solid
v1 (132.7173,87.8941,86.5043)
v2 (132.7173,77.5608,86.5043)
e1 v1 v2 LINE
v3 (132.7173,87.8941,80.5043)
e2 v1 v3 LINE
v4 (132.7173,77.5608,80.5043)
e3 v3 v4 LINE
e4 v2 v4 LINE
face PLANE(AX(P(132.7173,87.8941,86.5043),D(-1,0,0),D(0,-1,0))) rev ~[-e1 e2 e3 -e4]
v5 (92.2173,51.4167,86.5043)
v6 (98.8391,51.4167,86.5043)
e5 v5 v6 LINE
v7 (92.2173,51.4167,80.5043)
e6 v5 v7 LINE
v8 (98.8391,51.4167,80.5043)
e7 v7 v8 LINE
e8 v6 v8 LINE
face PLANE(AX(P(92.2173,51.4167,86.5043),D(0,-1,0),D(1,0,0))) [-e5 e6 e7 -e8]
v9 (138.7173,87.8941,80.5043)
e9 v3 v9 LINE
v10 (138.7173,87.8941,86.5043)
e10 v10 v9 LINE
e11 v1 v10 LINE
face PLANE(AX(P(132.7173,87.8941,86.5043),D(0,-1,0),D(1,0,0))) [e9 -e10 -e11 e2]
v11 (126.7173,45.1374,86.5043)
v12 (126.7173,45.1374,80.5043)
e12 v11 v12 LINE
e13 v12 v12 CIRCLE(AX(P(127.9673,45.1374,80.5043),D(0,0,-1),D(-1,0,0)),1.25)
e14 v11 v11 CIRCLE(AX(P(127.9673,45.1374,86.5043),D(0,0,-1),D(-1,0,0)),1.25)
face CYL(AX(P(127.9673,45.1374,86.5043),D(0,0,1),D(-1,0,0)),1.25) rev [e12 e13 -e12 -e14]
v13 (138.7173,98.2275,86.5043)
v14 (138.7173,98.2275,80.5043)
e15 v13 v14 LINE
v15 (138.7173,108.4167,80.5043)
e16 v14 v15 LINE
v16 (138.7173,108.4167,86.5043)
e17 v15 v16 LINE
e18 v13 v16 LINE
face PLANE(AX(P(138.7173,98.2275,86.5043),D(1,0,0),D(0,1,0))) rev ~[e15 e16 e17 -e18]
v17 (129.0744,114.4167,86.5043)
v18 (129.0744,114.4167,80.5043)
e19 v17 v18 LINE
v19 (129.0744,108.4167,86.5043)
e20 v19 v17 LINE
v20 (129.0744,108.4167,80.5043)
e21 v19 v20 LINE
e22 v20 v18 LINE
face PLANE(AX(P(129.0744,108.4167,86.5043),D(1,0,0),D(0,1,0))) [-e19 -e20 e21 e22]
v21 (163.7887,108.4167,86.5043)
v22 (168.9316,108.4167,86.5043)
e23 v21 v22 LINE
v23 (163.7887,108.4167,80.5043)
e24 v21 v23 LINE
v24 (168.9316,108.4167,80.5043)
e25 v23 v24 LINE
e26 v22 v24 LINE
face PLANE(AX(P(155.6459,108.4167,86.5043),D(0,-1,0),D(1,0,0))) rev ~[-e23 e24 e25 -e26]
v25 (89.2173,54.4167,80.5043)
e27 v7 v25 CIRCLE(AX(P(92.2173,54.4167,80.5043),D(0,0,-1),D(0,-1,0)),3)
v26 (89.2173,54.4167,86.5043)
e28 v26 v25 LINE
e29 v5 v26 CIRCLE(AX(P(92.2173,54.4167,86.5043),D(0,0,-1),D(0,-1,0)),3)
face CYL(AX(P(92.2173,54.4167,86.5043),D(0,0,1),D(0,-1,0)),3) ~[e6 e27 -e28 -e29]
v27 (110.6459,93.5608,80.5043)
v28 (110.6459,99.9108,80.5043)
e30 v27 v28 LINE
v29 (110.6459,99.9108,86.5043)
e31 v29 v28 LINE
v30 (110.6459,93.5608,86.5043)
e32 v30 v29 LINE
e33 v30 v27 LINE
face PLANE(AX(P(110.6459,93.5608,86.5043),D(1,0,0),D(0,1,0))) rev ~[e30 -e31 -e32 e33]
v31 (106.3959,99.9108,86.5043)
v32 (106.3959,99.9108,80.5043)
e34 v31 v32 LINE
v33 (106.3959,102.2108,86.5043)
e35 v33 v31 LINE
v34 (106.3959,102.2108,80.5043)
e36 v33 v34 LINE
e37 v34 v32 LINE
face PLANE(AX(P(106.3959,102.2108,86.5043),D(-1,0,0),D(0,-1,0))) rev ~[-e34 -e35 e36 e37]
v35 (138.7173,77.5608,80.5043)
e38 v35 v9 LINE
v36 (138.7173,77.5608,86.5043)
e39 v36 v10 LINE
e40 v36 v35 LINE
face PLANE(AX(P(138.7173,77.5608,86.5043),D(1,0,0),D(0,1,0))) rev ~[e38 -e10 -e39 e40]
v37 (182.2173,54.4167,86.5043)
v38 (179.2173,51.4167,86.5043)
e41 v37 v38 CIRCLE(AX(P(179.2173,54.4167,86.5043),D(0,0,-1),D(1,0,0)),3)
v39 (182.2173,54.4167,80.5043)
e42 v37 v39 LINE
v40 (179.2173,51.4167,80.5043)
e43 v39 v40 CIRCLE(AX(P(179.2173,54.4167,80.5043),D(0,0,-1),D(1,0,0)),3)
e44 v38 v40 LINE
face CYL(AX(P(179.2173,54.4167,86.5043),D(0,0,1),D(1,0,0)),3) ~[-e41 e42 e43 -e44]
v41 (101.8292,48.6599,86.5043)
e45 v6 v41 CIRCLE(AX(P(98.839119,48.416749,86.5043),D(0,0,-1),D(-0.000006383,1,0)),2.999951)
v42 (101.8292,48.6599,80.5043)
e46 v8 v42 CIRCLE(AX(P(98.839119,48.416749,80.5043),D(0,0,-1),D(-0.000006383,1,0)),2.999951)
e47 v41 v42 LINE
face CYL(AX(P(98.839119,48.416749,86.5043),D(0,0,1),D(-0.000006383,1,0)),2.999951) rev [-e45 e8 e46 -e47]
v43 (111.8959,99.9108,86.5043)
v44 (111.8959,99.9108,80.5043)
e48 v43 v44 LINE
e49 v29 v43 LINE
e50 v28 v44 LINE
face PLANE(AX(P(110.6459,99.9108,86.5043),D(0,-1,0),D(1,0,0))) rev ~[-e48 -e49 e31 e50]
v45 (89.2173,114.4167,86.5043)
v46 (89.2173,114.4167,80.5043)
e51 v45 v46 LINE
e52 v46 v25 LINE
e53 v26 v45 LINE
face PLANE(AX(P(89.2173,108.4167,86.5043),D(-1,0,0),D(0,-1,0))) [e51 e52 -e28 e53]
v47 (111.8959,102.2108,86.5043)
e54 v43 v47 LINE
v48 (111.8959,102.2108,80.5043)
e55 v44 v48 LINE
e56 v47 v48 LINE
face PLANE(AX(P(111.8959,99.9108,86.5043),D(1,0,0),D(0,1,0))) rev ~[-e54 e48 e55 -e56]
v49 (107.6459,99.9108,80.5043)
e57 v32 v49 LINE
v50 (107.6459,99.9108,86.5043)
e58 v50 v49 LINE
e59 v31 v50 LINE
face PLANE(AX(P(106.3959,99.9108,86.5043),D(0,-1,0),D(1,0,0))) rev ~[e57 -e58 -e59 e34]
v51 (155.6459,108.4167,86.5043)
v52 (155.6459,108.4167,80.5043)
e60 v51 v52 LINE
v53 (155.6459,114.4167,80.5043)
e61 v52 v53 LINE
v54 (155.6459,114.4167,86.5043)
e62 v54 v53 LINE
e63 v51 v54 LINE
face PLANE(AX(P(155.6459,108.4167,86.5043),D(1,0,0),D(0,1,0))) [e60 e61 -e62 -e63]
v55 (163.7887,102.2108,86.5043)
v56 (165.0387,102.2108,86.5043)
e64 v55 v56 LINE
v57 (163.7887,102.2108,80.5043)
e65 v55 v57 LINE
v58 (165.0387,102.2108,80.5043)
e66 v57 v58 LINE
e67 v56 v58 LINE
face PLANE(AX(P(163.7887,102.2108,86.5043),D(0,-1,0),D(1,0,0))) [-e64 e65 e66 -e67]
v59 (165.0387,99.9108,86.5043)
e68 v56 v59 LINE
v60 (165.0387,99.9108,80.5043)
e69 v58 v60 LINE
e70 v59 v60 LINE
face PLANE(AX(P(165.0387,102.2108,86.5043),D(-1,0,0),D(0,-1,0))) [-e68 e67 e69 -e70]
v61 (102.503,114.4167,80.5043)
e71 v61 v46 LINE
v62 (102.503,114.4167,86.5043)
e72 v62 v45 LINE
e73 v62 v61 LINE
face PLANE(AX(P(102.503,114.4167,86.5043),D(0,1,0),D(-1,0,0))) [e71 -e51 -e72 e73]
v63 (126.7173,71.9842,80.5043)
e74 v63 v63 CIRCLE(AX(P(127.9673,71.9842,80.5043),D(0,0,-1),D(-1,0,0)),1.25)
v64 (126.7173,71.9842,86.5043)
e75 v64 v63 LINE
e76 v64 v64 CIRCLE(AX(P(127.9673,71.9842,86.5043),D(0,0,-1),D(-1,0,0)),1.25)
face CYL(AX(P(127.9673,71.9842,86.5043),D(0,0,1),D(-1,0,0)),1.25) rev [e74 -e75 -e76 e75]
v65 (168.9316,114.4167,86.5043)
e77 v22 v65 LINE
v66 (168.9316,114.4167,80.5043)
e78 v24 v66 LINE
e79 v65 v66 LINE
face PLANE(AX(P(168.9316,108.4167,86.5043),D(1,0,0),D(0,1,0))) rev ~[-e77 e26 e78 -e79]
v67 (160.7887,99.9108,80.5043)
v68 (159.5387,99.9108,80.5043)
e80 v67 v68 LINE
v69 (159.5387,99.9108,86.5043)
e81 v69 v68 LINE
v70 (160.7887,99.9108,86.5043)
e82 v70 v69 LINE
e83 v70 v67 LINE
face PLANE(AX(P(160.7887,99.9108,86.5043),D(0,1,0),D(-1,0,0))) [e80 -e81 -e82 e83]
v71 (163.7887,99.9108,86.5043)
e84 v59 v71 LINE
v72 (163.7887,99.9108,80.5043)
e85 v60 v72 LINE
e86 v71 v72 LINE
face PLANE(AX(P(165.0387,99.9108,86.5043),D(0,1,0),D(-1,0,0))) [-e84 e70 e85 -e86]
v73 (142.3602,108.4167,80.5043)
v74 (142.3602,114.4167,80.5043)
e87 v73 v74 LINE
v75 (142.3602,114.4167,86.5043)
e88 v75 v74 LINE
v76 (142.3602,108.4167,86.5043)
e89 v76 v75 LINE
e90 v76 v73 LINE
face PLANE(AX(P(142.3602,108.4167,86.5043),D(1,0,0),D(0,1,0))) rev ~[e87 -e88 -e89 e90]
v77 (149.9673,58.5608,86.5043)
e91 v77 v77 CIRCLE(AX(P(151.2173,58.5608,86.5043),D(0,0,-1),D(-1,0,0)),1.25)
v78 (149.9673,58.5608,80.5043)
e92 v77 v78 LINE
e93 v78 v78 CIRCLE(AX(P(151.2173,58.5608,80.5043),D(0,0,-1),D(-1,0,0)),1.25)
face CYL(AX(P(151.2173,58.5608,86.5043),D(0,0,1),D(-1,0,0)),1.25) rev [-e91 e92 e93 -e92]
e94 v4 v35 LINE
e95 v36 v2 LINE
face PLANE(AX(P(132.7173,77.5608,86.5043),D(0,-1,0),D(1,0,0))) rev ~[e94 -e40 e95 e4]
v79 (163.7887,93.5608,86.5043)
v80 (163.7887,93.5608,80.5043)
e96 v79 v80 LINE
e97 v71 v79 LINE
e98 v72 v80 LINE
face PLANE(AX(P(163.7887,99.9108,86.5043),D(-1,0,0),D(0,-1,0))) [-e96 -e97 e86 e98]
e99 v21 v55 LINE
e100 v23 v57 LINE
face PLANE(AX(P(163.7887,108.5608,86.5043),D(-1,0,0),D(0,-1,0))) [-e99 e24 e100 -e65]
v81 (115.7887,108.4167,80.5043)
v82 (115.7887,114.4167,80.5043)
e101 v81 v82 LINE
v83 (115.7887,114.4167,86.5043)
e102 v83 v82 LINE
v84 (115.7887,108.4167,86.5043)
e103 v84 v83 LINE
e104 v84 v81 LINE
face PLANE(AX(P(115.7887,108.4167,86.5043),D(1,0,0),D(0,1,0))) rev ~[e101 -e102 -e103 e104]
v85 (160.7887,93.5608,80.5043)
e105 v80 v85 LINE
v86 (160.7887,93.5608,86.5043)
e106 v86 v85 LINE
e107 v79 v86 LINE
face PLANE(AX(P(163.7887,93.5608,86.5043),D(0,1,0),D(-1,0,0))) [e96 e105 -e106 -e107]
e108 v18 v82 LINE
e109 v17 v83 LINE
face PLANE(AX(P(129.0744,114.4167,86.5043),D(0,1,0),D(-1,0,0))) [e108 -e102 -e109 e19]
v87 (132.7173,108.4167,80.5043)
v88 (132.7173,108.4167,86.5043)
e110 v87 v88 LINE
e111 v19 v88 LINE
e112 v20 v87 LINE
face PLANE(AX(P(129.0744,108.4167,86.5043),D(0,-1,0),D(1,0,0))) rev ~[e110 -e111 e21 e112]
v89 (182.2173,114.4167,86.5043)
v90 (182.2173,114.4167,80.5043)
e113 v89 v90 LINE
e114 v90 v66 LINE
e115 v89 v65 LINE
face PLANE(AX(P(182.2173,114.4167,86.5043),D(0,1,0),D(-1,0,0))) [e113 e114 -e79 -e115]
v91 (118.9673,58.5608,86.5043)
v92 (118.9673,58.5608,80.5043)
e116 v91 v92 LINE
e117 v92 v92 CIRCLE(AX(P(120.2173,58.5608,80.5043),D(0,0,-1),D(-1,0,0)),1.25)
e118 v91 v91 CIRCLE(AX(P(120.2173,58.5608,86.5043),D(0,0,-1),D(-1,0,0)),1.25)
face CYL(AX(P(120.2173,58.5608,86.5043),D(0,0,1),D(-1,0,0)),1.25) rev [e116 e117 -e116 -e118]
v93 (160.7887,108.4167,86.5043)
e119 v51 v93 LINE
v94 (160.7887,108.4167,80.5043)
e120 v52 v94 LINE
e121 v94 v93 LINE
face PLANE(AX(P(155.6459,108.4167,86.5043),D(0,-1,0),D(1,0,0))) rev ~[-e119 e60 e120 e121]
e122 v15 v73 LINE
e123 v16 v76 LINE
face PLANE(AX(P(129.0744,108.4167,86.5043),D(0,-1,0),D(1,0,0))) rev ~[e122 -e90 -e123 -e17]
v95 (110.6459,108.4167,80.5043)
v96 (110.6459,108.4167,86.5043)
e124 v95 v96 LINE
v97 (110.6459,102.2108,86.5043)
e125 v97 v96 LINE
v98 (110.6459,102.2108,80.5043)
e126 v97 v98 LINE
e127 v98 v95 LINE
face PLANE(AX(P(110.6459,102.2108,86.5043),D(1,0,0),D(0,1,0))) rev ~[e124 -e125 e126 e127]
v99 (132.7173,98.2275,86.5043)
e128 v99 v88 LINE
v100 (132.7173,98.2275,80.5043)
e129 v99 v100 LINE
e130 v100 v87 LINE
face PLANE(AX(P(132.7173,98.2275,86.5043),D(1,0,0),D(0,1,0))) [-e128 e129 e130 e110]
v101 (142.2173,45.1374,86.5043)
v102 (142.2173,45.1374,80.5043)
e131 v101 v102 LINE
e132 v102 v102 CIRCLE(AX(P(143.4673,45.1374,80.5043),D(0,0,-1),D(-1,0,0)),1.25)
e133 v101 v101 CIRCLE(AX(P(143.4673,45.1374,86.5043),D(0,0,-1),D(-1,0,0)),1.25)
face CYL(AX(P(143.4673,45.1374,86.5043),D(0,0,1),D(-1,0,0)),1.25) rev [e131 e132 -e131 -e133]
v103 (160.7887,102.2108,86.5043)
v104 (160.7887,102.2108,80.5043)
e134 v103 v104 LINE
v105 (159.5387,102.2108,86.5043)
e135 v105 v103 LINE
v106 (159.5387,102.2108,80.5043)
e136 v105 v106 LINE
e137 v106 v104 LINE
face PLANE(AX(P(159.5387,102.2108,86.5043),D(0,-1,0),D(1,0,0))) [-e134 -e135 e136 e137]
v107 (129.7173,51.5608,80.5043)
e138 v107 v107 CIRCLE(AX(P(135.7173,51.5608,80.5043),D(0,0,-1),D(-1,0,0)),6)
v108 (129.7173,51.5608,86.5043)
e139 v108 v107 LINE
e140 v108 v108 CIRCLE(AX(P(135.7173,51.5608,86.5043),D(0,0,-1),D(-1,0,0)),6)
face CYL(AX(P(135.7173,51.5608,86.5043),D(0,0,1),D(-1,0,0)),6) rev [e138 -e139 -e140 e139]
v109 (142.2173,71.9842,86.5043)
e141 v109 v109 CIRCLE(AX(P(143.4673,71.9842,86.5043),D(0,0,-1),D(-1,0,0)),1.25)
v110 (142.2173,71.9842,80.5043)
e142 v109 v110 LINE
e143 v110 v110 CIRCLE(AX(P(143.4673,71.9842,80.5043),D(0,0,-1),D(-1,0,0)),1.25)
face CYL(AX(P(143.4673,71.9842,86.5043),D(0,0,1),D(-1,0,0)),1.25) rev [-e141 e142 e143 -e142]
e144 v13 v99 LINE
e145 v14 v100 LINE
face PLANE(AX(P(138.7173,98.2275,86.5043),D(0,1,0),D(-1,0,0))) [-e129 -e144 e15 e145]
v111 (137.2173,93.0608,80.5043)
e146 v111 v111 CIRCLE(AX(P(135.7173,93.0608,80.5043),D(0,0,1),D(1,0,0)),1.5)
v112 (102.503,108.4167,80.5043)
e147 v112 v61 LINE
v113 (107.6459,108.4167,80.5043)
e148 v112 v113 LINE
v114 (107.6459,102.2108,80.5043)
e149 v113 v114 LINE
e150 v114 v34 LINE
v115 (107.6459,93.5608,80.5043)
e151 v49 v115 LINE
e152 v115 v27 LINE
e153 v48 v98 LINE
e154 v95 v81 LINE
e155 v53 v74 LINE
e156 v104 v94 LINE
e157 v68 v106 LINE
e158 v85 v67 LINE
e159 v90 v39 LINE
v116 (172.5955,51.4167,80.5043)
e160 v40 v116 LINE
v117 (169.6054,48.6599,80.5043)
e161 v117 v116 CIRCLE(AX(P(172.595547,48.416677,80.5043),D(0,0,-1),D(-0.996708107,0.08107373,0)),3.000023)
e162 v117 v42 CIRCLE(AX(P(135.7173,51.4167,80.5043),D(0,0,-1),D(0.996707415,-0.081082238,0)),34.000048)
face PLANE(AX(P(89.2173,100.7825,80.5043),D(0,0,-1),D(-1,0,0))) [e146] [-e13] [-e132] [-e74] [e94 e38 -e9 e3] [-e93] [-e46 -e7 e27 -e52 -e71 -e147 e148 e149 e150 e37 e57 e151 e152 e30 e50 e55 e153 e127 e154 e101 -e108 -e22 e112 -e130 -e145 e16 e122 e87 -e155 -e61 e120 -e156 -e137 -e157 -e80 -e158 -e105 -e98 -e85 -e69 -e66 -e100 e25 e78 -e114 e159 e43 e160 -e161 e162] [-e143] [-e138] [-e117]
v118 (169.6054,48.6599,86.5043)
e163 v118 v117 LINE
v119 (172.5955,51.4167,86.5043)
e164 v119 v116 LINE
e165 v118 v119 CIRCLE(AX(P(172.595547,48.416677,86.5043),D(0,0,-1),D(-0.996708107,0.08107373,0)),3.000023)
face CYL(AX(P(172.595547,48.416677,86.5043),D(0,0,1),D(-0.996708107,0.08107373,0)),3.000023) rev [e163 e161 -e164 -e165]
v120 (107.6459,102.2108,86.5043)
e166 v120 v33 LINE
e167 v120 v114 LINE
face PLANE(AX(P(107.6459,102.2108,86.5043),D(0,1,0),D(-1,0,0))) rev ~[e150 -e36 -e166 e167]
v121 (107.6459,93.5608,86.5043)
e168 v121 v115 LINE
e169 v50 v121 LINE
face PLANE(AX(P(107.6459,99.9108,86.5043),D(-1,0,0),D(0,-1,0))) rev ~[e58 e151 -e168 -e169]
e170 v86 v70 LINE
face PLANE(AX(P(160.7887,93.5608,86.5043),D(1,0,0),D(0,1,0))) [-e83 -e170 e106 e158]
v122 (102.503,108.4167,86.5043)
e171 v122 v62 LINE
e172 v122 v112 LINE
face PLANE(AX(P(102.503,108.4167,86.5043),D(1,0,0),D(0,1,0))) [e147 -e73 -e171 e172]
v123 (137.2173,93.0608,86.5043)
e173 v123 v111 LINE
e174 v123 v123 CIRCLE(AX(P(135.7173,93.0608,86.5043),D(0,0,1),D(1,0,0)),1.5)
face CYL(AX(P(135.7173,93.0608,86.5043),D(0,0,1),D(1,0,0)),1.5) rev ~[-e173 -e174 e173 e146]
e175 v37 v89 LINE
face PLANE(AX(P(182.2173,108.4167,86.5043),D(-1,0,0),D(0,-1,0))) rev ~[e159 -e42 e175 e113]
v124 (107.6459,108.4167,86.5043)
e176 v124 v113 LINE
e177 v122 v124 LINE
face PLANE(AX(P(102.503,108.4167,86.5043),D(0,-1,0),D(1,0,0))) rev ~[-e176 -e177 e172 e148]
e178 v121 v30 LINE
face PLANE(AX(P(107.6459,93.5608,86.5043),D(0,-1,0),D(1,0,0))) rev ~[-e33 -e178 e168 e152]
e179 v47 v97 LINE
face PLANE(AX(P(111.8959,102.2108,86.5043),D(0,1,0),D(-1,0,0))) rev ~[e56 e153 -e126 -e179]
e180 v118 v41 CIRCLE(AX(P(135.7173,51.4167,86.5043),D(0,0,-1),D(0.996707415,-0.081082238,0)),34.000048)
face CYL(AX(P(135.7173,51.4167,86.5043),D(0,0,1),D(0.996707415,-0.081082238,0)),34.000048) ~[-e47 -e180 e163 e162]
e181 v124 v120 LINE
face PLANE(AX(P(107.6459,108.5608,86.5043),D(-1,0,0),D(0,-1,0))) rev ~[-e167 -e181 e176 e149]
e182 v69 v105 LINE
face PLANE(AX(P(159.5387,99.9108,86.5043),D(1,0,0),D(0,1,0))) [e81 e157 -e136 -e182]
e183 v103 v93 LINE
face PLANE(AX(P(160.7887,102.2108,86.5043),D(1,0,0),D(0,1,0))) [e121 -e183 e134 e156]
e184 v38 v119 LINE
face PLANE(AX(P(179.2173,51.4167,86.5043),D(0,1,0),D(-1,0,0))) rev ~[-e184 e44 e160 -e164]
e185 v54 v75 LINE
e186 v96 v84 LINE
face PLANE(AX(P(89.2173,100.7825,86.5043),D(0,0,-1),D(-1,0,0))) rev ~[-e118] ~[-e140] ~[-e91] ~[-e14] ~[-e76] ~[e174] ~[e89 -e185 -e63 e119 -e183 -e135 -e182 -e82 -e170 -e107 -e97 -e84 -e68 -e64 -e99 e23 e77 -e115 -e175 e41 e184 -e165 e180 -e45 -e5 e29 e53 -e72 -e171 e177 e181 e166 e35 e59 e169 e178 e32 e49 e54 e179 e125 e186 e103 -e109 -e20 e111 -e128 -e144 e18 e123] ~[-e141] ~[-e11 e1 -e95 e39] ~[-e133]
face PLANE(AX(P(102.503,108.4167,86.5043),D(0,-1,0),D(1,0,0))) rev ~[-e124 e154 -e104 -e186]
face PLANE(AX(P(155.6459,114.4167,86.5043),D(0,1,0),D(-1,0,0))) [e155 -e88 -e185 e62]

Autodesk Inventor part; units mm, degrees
ref_plane "YZ Plane" through (0, 0, 0) normal (1, 0, 0) x (0, 1, 0)
ref_plane "XZ Plane" through (0, 0, 0) normal (0, 1, 0) x (-1, 0, 0)
ref_plane "РабПлоскость1" through (89.2173, 100.7825, 86.5043) normal (0, 0, -1) x (-1, 0, 0)
ref_plane "РабПлоскость2" through (219.2173, 403.7825, -131.4957) normal (0, 0, -1) x (-1, 0, 0)
sketch "Эскиз1" plane through (89.2173, 100.7825, 86.5043) normal (0, 0, -1) x (-1, 0, 0)
  line L0 (0, 7.6342) -> (-13.2857, 7.6342) construction
  line L1 (0, 7.6342) -> (0, 13.6342)
  line L2 (-13.2857, 13.6342) -> (0, 13.6342)
  line L3 (-13.2857, 7.6342) -> (-13.2857, 13.6342)
  line L4 (-26.5714, 7.6342) -> (-39.8571, 7.6342) construction
  line L5 (-26.5714, 7.6342) -> (-26.5714, 13.6342)
  line L6 (-39.8571, 13.6342) -> (-26.5714, 13.6342)
  line L7 (-39.8571, 7.6342) -> (-39.8571, 13.6342)
  line L8 (-53.1429, 7.6342) -> (-66.4286, 7.6342) construction
  line L9 (-53.1429, 7.6342) -> (-53.1429, 13.6342)
  line L10 (-66.4286, 13.6342) -> (-53.1429, 13.6342)
  line L11 (-66.4286, 7.6342) -> (-66.4286, 13.6342)
  line L12 (-79.7143, 7.6342) -> (-93, 7.6342) construction
  line L13 (-79.7143, 7.6342) -> (-79.7143, 13.6342)
  line L14 (-93, 13.6342) -> (-79.7143, 13.6342)
  line L15 (-93, 7.6342) -> (-93, 13.6342)
  line L16 (-13.2857, 7.6342) -> (-26.5714, 7.6342)
  line L17 (-39.8571, 7.6342) -> (-53.1429, 7.6342)
  line L18 (-66.4286, 7.6342) -> (-79.7143, 7.6342)
  line L19 (0, 7.6342) -> (0, -46.3658)
  line L20 (-3, -49.3658) -> (-9.6218, -49.3658)
  line L21 (-93, 7.6342) -> (-93, -46.3658)
  line L22 (-90, -49.3658) -> (-83.3782, -49.3658)
  line L23 (-12.5, -49.3658) -> (-80.5, -49.3658) construction
  arc A0 (-80.3881, -52.1226) -> (-12.6119, -52.1226) centre (-46.5, -49.3658) ccw
  arc A1 (-9.6218, -49.3658) -> (-12.6119, -52.1226) centre (-9.6218, -52.3658) ccw
  arc A2 (-80.3881, -52.1226) -> (-83.3782, -49.3658) centre (-83.3782, -52.3658) ccw
  arc A3 (-93, -46.3658) -> (-90, -49.3658) centre (-90, -46.3658) ccw
  arc A4 (-3, -49.3658) -> (0, -46.3658) centre (-3, -46.3658) ccw
  circle A5 centre (-46.5, -49.2217) radius 6
  circle A6 centre (-62, -42.2217) radius 1.25
  circle A7 centre (-54.25, -55.6451) radius 1.25
  circle A8 centre (-38.75, -55.6451) radius 1.25
  circle A9 centre (-31, -42.2217) radius 1.25
  circle A10 centre (-38.75, -28.7983) radius 1.25
  circle A11 centre (-54.25, -28.7983) radius 1.25
  point P0 (89.2173, -100.7825)
  point P1 (-93, -49.3658)
  dimension "d0" = 57
  dimension "d1" = 34
  dimension "d2" = 3
  dimension "d3" = 6
  dimension "d29" = 6
extrude "Выдавливание1" add sketch "Эскиз1" along normal blind 6
sketch "Эскиз2" plane through (89.2173, 100.7825, 86.5043) normal (0, 0, 1) x (1, 0, 0)
  circle A0 centre (46.5, -42.2217) radius 19
  line L0 (49.5, -2.555) -> (43.5, -2.555)
  line L1 (43.5, -2.555) -> (43.5, -12.8884) construction
  line L2 (43.5, -12.8884) -> (49.5, -12.8884)
  line L3 (49.5, -12.8884) -> (49.5, -2.555) construction
  line L4 (49.5, -12.8884) -> (46.5, -42.2217) construction
  line L5 (46.5, -42.2217) -> (43.5, -12.8884) construction
  line L6 (49.5, -12.8884) -> (43.5, -2.555) construction
  line L7 (43.5, -12.8884) -> (43.5, -23.2217)
  line L8 (43.5, -23.2217) -> (49.5, -23.2217)
  line L9 (49.5, -23.2217) -> (49.5, -12.8884)
  line L10 (43.5, -2.555) -> (43.5, 7.7783)
  line L11 (49.5, -2.555) -> (49.5, 7.7783)
  circle A1 centre (46.5, -7.7217) radius 1.5
  line L12 (18.4286, 7.7783) -> (18.4286, 13.7783) construction
  line L13 (21.4286, 7.7783) -> (21.4286, 13.7783) construction
  line L14 (71.5714, 7.7783) -> (71.5714, 13.7783) construction
  line L15 (74.5714, 7.7783) -> (74.5714, 13.7783) construction
  line L16 (43.5, 7.7783) -> (49.5, 7.7783)
  line L17 (18.4286, 7.7783) -> (18.4286, 1.4283)
  line L18 (18.4286, 1.4283) -> (17.1786, 1.4283)
  line L19 (17.1786, 1.4283) -> (17.1786, -0.8717)
  line L20 (17.1786, -0.8717) -> (18.4286, -0.8717)
  line L21 (18.4286, -0.8717) -> (18.4286, -7.2217)
  line L22 (18.4286, -7.2217) -> (21.4286, -7.2217)
  line L23 (21.4286, -7.2217) -> (21.4286, -0.8717)
  line L24 (21.4286, -0.8717) -> (22.6786, -0.8717)
  line L25 (22.6786, -0.8717) -> (22.6786, 1.4283)
  line L26 (22.6786, 1.4283) -> (21.4286, 1.4283)
  line L27 (21.4286, 1.4283) -> (21.4286, 7.7783)
  line L28 (18.4286, 7.7783) -> (21.4286, 7.7783)
  line L29 (46.5, 7.7783) -> (46.5, -2.555) construction
  line L30 (74.5714, 7.7783) -> (74.5714, 1.4283)
  line L31 (74.5714, 1.4283) -> (75.8214, 1.4283)
  line L32 (75.8214, 1.4283) -> (75.8214, -0.8717)
  line L33 (75.8214, -0.8717) -> (74.5714, -0.8717)
  line L34 (74.5714, -0.8717) -> (74.5714, -7.2217)
  line L35 (74.5714, -7.2217) -> (71.5714, -7.2217)
  line L36 (71.5714, -7.2217) -> (71.5714, -0.8717)
  line L37 (71.5714, -0.8717) -> (70.3214, -0.8717)
  line L38 (70.3214, -0.8717) -> (70.3214, 1.4283)
  line L39 (70.3214, 1.4283) -> (71.5714, 1.4283)
  line L40 (71.5714, 1.4283) -> (71.5714, 7.7783)
  line L41 (71.5714, 7.7783) -> (74.5714, 7.7783)
  line L42 (335, 7.7783) -> (-15, 7.7783) construction
  point P0 (-89.2173, -100.7825)
  dimension "d19" = 6
  dimension "d21" = 3
  dimension "d22" = 5.5
  dimension "d23" = 2.3
  dimension "d26" = 15
extrude "Выдавливание2" cut sketch "Эскиз2" against normal blind 6 contours L8 L7 L2 L9 | L0 L10 L16 L11 | A1 | L28 L27 L26 L25 L24 L23 L22 L21 L20 L19 L18 L17 | L30 L31 L32 L33 L34 L35 L36 L37 L38 L39 L40 L41
equation "\"d5\" = d3"
equation "\"d19\" = d3"
equation "\"d14\" = d3"
properties part number "motor3"
